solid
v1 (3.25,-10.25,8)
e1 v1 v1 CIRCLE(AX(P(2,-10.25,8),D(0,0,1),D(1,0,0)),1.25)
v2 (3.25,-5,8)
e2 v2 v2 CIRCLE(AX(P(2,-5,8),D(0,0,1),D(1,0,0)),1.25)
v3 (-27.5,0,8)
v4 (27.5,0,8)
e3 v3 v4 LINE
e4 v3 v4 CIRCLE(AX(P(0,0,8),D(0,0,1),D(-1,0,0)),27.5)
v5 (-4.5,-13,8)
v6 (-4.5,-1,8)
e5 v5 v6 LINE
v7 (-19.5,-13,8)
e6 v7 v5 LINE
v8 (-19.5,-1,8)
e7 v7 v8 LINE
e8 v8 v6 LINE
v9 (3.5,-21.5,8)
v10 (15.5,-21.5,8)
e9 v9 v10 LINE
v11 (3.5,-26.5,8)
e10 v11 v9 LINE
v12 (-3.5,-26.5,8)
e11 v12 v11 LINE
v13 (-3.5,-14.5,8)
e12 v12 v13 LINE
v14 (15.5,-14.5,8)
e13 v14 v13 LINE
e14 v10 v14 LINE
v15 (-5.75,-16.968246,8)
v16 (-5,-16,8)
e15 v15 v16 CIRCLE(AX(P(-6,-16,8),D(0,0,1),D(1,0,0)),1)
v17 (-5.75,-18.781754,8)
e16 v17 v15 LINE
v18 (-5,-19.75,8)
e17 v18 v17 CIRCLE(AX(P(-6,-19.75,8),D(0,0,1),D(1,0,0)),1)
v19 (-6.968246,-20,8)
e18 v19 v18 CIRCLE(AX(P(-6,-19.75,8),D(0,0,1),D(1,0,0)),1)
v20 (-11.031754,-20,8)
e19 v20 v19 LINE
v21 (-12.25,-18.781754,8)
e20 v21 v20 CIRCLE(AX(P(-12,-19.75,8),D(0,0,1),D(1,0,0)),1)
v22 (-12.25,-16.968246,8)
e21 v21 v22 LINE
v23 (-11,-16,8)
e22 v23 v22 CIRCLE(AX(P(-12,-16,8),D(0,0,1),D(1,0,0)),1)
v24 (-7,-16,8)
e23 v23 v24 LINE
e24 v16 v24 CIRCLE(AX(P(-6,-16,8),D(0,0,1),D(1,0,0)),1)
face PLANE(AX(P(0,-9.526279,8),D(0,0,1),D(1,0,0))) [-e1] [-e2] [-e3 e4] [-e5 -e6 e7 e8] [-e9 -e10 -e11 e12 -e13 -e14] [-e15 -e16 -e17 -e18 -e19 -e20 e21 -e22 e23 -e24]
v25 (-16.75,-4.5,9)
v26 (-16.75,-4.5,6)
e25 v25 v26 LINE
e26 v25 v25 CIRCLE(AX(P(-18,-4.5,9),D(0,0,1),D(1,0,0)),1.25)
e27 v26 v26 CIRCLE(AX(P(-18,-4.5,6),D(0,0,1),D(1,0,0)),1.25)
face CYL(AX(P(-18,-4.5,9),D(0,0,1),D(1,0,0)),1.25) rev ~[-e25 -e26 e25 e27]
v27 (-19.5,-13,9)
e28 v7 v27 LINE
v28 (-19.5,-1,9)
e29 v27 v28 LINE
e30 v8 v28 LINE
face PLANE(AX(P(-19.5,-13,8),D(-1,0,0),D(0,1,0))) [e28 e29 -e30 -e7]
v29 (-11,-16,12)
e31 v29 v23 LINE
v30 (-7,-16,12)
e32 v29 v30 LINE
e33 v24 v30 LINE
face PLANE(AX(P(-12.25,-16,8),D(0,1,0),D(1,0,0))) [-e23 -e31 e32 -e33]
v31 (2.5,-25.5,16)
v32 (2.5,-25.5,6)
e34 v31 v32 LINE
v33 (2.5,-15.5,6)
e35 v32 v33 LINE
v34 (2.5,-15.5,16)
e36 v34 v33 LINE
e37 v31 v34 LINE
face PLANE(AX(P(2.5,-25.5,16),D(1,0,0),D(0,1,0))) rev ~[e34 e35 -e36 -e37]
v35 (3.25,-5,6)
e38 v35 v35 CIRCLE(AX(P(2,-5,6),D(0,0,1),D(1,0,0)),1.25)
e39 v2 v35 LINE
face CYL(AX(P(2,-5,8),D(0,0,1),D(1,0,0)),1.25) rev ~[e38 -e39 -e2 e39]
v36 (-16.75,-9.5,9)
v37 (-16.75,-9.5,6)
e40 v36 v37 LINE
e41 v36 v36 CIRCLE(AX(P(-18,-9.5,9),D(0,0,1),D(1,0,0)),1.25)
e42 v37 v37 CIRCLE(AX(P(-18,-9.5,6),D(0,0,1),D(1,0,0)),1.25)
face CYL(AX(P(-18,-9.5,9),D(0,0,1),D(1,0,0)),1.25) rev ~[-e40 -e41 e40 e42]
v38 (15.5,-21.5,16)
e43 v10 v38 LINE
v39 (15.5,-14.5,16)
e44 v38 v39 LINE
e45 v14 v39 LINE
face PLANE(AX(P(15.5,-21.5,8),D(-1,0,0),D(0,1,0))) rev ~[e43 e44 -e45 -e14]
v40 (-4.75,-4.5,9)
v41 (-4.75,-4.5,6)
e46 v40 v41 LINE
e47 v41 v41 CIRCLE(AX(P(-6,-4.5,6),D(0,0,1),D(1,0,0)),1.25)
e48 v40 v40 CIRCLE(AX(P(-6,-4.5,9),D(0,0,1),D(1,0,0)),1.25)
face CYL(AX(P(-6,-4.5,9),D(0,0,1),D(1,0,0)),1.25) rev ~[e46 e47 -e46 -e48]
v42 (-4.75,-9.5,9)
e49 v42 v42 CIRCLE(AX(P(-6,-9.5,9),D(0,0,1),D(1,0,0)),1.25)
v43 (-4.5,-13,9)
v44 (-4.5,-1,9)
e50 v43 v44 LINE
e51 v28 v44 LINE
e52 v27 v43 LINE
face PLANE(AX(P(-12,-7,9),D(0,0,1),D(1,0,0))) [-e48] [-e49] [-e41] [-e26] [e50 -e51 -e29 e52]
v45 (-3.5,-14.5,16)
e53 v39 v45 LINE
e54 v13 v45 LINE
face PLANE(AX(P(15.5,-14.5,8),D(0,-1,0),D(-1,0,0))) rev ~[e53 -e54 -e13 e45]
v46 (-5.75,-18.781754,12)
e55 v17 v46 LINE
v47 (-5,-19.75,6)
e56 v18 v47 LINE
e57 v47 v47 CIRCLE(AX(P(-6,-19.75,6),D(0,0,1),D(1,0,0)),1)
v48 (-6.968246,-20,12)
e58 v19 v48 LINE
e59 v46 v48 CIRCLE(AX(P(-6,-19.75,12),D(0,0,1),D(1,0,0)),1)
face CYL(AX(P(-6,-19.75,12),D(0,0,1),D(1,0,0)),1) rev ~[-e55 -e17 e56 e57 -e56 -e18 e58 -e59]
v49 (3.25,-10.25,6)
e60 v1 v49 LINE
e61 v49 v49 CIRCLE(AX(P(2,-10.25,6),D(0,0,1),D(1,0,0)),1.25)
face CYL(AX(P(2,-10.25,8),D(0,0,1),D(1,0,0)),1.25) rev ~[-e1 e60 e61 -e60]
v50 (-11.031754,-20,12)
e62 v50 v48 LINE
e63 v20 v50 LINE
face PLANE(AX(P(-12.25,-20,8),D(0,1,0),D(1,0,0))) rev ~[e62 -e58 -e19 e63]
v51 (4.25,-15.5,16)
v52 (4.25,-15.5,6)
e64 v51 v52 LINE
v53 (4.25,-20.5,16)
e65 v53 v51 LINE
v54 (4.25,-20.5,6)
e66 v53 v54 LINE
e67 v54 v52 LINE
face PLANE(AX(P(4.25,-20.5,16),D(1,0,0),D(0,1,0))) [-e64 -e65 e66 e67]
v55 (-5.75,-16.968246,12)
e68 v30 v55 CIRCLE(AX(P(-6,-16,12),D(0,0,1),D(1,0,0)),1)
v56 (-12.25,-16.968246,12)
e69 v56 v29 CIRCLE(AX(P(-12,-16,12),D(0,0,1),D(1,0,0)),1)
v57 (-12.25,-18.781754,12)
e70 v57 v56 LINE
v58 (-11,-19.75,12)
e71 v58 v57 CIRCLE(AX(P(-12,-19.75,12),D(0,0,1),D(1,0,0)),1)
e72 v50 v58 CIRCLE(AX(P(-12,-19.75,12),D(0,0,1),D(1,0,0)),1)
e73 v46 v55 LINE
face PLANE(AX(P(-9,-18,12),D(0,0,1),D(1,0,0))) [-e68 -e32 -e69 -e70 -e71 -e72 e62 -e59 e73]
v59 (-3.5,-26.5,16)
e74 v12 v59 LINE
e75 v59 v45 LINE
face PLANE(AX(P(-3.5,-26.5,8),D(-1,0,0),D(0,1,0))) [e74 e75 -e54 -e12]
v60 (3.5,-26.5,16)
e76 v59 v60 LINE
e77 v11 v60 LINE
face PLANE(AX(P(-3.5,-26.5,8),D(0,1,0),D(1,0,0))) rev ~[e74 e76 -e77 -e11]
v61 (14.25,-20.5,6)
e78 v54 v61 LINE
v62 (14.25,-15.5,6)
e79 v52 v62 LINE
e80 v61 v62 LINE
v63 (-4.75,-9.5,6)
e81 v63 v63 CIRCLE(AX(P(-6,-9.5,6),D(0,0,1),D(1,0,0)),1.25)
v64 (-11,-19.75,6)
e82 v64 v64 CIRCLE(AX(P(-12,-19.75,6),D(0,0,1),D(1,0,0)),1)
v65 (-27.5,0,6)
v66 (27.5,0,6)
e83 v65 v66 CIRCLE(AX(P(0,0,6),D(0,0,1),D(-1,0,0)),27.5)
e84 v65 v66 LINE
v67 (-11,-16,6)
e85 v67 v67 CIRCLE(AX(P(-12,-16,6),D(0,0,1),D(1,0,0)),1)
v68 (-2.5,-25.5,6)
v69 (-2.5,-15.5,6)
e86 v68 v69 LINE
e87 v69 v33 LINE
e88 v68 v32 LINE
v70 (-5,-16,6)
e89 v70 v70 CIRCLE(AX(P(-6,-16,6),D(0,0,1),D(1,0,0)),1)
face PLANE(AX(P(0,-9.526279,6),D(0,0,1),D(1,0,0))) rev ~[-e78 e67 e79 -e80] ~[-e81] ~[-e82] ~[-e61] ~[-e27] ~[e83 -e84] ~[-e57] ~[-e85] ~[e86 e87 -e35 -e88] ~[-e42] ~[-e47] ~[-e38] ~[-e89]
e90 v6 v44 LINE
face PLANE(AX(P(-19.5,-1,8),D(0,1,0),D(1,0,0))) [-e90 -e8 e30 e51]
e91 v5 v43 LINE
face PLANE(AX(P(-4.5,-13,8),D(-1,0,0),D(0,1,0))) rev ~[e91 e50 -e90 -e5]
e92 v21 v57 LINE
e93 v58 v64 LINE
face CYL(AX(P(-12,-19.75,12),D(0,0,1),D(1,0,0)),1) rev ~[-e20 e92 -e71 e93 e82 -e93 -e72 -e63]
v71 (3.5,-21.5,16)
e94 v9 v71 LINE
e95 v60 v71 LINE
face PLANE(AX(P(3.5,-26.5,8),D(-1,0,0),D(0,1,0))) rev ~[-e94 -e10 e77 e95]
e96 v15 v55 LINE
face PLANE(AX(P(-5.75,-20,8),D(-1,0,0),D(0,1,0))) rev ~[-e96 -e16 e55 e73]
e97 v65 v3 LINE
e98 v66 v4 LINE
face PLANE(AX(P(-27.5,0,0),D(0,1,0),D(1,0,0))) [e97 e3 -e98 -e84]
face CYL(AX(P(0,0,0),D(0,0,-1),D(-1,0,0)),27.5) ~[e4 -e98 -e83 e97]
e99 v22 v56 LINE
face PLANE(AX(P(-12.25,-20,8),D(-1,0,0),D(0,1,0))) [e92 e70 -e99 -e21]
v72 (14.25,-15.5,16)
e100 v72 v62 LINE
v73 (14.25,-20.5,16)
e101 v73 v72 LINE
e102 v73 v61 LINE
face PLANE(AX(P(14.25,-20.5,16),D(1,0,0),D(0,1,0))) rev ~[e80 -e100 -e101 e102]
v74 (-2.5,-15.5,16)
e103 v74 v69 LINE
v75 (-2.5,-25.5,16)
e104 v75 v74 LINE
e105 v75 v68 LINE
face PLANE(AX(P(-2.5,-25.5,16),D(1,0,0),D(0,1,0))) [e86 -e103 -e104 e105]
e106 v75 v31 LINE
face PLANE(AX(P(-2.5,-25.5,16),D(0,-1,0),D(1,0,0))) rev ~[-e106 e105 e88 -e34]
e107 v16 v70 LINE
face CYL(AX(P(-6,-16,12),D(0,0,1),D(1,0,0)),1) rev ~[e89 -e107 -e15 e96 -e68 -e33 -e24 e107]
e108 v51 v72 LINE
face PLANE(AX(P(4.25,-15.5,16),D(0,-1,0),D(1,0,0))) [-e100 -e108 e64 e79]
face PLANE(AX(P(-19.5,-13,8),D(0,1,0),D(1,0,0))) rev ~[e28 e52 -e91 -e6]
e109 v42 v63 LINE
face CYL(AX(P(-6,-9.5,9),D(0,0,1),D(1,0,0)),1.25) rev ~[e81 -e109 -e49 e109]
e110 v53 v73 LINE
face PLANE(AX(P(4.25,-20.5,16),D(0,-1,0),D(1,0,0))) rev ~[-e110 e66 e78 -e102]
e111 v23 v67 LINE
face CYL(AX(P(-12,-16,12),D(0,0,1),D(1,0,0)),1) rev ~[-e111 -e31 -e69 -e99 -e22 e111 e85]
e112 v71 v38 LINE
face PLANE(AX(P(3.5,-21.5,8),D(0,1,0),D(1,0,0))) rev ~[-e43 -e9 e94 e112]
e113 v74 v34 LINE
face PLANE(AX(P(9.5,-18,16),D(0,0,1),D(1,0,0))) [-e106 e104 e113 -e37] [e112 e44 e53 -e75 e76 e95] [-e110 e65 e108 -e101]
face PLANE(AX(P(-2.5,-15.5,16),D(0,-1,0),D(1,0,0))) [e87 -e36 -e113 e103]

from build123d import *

# Parameters (mm, degrees)
SKETCH009_W      = 5
SKETCH009_H      = 10
SKETCH009_W_2    = 10
SKETCH009_H_2    = 5
EXTRUDE008_DEPTH = 10
SKETCH008_R      = 1
EXTRUDE007_DEPTH = 6
SKETCH007_R      = 1.25
EXTRUDE006_DEPTH = 3
SKETCH004_R      = 1.25
EXTRUDE005_DEPTH = 3
SKETCH005_W      = 6.5
SKETCH005_H      = 4
EXTRUDE004_DEPTH = 4
SKETCH006_W      = 12
SKETCH006_H      = 7
SKETCH006_W_2    = 7
SKETCH006_H_2    = 12
EXTRUDE003_DEPTH = 8
SKETCH003_W      = 15
SKETCH003_H      = 12
EXTRUDE002_DEPTH = 1
EXTRUDE001_DEPTH = 6
EXTRUDE_DEPTH    = 8


with BuildPart() as usb_cuts:
    # Sketch009 → Extrude008 (new body)
    with BuildSketch(Plane.XY.offset(16)):
        with Locations((0, -20.5)):
            Rectangle(SKETCH009_W, SKETCH009_H)
        with Locations((9.25, -18)):
            Rectangle(SKETCH009_W_2, SKETCH009_H_2)
    extrude(amount=-EXTRUDE008_DEPTH)


with BuildPart() as reset_leads:
    # Sketch008 → Extrude007 (new body)
    with BuildSketch(Plane.XY.offset(12)):
        with Locations((-12, -16)):
            Circle(SKETCH008_R)
        with Locations((-6, -19.75)):
            Circle(SKETCH008_R)
        with Locations((-6, -16)):
            Circle(SKETCH008_R)
        with Locations((-12, -19.75)):
            Circle(SKETCH008_R)
    extrude(amount=-EXTRUDE007_DEPTH)


with BuildPart() as momentary_leads:
    # Sketch007 → Extrude006 (new body)
    with BuildSketch(Plane.XY.offset(9)):
        with Locations((-18, -9.5)):
            Circle(SKETCH007_R)
        with Locations((-18, -4.5)):
            Circle(SKETCH007_R)
        with Locations((-6, -9.5)):
            Circle(SKETCH007_R)
        with Locations((-6, -4.5)):
            Circle(SKETCH007_R)
    extrude(amount=-EXTRUDE006_DEPTH)


with BuildPart() as powerbuttonleads:
    # Sketch004 → Extrude005 (new body)
    with BuildSketch(Plane.XY.offset(8)):
        with Locations((2, -10.25)):
            Circle(SKETCH004_R)
        with Locations((2, -5)):
            Circle(SKETCH004_R)
    extrude(amount=-EXTRUDE005_DEPTH)


with BuildPart() as resetbutton001:
    # Sketch005 → Extrude004 (new body)
    with BuildSketch(Plane.XY.offset(8)):
        with Locations((-9, -18)):
            Rectangle(SKETCH005_W, SKETCH005_H)
    extrude(amount=EXTRUDE004_DEPTH)


with BuildPart() as usb_ports001:
    # Sketch006 → Extrude003 (new body)
    with BuildSketch(Plane.XY.offset(8)):
        with Locations((9.5, -18)):
            Rectangle(SKETCH006_W, SKETCH006_H)
        with Locations((0, -20.5)):
            Rectangle(SKETCH006_W_2, SKETCH006_H_2)
    extrude(amount=EXTRUDE003_DEPTH)


with BuildPart() as momentary_button:
    # Sketch003 → Extrude002 (new body)
    with BuildSketch(Plane.XY.offset(8)):
        with Locations((-12, -7)):
            Rectangle(SKETCH003_W, SKETCH003_H)
    extrude(amount=EXTRUDE002_DEPTH)


with BuildPart() as body_cut:
    # Sketch002 → Extrude001 (new body)
    with BuildSketch(Plane.XY):
        with BuildLine():
            ThreePointArc((-27.5, 0), (0, -27.5), (27.5, 0))
            Line((-27.5, 0), (27.5, 0))
        make_face()
    extrude(amount=EXTRUDE001_DEPTH)


with BuildPart() as cut004:
    # Sketch001 → Extrude (new body)
    with BuildSketch(Plane.XY):
        with BuildLine():
            ThreePointArc((-27.5, 0), (0, -27.5), (27.5, 0))
            Line((-27.5, 0), (27.5, 0))
        make_face()
    extrude(amount=EXTRUDE_DEPTH)

    # Cut: cut Body Cut
    add(body_cut.part, mode=Mode.SUBTRACT)

    # Fusion: union Momentary Button
    add(momentary_button.part)

    # Fusion001: union USB Ports001
    add(usb_ports001.part)

    # Fusion002: union ResetButton001
    add(resetbutton001.part)

    # Cut001: cut PowerButtonLeads
    add(powerbuttonleads.part, mode=Mode.SUBTRACT)

    # Cut002: cut momentary Leads
    add(momentary_leads.part, mode=Mode.SUBTRACT)

    # Cut003: cut Reset Leads
    add(reset_leads.part, mode=Mode.SUBTRACT)

    # Cut004: cut USB Cuts
    add(usb_cuts.part, mode=Mode.SUBTRACT)


solid = cut004.part
